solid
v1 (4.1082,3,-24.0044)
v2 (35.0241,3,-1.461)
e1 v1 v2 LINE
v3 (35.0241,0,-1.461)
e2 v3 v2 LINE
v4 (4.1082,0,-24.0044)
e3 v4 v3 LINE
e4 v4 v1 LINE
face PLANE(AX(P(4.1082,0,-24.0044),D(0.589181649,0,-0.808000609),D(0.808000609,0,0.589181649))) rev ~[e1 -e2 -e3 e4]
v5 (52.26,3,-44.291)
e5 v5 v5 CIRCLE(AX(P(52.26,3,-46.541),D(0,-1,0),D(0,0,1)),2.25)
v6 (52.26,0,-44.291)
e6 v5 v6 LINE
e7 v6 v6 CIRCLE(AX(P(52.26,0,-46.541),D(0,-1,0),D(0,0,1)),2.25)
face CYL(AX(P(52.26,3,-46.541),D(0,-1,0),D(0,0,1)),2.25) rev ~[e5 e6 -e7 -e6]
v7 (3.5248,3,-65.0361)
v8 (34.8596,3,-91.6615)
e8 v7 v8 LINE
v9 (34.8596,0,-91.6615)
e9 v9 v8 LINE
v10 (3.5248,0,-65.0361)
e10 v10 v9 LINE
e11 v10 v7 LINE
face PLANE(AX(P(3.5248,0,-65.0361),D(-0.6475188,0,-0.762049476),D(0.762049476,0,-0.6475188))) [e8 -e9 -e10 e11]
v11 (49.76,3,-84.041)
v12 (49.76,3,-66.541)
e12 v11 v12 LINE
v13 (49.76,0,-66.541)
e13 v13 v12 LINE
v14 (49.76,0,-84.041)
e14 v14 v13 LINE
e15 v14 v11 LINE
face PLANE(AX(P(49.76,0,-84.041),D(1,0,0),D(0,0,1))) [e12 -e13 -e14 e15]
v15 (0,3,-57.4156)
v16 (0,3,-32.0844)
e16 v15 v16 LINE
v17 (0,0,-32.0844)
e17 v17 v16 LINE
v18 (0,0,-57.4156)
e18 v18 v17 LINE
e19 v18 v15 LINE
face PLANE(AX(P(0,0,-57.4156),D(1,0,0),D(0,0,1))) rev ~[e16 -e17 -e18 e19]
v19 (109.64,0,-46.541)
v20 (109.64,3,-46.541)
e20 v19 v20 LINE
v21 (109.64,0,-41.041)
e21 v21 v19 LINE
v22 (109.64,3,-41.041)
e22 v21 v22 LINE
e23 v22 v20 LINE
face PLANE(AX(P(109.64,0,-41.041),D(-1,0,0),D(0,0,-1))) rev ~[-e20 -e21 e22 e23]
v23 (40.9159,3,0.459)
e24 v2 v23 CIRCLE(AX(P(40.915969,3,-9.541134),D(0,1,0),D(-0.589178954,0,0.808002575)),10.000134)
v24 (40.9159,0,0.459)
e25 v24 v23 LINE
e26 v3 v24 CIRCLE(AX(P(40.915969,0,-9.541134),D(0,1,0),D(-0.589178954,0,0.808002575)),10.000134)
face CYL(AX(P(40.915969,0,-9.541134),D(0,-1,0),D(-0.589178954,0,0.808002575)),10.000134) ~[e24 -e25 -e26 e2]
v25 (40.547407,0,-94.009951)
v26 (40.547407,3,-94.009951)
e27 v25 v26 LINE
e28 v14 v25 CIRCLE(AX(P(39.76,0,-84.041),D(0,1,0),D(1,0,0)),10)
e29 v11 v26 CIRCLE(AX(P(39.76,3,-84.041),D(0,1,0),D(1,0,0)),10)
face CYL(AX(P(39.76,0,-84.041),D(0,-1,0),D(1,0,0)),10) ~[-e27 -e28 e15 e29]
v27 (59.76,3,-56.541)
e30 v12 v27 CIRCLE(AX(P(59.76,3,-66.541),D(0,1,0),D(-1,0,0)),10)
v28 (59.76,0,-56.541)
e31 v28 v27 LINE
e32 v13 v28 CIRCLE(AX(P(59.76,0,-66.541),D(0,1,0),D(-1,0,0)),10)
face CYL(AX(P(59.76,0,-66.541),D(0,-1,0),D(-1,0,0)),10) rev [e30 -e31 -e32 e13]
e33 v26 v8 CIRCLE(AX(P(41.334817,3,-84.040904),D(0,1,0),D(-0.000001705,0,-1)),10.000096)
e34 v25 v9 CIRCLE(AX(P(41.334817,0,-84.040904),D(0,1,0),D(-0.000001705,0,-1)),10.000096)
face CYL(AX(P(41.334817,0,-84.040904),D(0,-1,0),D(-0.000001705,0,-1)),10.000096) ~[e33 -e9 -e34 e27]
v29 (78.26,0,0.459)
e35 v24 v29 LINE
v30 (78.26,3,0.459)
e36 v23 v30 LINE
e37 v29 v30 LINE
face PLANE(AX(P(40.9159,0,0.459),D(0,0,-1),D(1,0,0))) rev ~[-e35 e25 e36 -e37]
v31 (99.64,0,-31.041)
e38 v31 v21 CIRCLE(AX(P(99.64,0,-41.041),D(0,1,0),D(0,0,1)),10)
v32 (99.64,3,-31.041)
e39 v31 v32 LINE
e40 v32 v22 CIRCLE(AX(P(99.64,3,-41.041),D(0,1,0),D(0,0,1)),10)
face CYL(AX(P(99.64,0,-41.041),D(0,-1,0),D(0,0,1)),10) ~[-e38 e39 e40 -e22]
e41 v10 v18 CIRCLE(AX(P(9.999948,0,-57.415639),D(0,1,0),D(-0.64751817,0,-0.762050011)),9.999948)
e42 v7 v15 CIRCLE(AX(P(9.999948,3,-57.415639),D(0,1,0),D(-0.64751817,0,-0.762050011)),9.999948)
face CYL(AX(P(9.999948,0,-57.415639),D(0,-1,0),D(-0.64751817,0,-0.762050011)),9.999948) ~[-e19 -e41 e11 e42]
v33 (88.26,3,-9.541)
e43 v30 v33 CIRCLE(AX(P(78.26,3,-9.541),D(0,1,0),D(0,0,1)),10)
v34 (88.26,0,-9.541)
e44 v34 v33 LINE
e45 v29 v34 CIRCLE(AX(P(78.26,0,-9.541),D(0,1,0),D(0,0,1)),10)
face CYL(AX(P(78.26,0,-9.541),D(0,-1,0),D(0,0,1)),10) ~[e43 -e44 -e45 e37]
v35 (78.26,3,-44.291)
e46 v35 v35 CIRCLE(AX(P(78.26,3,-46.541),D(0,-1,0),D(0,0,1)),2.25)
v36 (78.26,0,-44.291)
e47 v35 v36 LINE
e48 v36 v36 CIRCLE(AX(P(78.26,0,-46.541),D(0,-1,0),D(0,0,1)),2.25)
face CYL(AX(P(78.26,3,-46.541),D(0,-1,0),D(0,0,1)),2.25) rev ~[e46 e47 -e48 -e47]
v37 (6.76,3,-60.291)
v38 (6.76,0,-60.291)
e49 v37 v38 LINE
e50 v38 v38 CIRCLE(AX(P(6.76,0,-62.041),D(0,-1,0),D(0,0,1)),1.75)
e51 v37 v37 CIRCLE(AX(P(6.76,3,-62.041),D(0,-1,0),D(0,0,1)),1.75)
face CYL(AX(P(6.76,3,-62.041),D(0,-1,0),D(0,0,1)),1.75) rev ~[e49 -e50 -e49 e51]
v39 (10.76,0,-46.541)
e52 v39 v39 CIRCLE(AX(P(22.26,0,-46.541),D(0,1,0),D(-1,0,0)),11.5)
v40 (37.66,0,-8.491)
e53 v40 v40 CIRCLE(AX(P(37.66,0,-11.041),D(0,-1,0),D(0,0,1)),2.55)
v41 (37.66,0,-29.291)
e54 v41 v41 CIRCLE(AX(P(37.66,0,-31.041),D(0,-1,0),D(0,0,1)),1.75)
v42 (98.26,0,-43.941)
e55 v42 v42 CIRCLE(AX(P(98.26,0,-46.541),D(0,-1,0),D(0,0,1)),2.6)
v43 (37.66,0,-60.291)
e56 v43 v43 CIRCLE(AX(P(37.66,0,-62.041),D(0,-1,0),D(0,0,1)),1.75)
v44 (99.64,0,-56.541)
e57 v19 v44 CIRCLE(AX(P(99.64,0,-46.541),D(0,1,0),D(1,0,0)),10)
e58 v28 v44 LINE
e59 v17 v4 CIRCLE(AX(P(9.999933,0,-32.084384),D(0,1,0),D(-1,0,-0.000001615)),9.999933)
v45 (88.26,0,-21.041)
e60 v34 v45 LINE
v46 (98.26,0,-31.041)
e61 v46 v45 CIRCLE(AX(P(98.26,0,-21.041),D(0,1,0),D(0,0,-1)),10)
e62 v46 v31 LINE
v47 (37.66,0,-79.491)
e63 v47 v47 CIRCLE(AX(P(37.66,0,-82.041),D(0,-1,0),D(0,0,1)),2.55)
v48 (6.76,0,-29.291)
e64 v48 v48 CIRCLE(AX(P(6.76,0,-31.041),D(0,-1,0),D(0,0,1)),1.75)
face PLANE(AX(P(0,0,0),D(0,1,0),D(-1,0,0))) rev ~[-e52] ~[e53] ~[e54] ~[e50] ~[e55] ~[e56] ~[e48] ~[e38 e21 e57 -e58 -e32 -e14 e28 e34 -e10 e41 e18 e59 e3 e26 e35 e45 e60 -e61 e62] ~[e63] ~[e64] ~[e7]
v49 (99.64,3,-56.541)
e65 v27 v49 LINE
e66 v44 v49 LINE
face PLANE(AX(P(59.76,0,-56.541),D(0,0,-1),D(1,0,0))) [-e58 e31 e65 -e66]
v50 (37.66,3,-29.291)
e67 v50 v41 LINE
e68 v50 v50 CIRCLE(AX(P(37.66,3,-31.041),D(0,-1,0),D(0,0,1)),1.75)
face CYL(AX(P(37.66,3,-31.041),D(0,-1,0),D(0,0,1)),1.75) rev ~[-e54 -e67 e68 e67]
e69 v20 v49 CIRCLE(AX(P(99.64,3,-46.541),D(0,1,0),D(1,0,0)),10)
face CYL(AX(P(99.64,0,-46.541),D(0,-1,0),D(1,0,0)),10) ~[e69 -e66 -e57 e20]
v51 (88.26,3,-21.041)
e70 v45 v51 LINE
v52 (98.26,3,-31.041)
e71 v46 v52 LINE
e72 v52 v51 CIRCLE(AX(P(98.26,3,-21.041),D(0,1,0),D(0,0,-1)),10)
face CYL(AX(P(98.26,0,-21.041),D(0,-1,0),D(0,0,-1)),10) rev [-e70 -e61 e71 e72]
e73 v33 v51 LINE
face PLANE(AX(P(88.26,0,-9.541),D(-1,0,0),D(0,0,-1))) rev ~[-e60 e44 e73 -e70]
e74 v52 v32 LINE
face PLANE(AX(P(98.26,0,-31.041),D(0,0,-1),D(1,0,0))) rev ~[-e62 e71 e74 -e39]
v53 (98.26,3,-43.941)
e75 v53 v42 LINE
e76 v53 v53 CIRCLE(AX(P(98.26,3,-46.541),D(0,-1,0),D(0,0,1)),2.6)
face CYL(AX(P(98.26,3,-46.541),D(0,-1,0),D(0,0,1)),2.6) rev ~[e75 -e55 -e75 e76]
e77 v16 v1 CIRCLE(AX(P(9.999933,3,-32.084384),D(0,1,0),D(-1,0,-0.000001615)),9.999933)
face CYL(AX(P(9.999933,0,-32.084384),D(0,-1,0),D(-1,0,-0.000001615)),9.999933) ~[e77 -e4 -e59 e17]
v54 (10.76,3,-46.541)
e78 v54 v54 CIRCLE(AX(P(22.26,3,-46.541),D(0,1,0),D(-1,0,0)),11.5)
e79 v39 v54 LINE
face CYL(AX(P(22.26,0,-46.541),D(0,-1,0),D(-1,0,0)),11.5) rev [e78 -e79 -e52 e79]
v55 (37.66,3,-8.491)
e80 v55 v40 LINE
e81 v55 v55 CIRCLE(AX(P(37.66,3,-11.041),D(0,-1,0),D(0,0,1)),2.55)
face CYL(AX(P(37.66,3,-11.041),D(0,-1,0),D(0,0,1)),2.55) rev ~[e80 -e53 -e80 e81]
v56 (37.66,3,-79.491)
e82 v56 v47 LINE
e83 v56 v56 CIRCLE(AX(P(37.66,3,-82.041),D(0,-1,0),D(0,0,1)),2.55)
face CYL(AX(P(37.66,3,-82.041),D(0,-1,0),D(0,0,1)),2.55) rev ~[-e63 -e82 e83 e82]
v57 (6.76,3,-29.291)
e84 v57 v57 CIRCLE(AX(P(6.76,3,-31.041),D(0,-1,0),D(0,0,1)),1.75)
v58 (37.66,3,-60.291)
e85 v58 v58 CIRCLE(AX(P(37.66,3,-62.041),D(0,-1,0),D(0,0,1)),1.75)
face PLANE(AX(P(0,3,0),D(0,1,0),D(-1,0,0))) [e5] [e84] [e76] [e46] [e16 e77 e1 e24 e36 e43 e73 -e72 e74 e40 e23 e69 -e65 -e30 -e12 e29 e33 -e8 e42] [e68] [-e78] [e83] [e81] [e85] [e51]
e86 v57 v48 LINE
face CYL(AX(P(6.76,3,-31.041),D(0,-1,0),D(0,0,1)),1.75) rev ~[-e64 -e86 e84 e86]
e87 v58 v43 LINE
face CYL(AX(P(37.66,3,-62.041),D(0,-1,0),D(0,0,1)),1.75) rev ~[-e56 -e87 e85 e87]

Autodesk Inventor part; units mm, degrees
ref_plane "YZ Plane" through (0, 0, 0) normal (1, 0, 0) x (0, 1, 0)
ref_plane "XZ Plane" through (0, 0, 0) normal (0, 1, 0) x (-1, 0, 0)
ref_plane "XY Plane" through (0, 0, 0) normal (0, 0, 1) x (1, 0, 0)
sketch "Sketch1" plane through (0, 0, 0) normal (0, 1, 0) x (-1, 0, 0)
  line L0 (-40.9159, 0.459) -> (-78.26, 0.459)
  line L1 (-109.64, -41.041) -> (-109.64, -46.541)
  line L2 (-39.76, -94.041) -> (-41.3348, -94.041)
  line L3 (0, -57.4156) -> (0, -32.0844)
  circle A0 centre (-22.26, -46.541) radius 11.5
  line L4 (-3.5248, -65.0361) -> (-34.8596, -91.6615)
  line L5 (-4.1082, -24.0044) -> (-35.0241, -1.461)
  line L6 (-49.76, -84.041) -> (-49.76, -66.541)
  line L7 (-59.76, -56.541) -> (-99.64, -56.541)
  line L8 (-98.26, -31.041) -> (-99.64, -31.041)
  line L9 (-88.26, -9.541) -> (-88.26, -21.041)
  arc A1 (-3.5248, -65.0361) -> (0, -57.4156) centre (-10, -57.4156) ccw
  arc A2 (0, -32.0844) -> (-4.1082, -24.0044) centre (-10, -32.0844) ccw
  arc A3 (-35.0241, -1.461) -> (-40.9159, 0.459) centre (-40.9159, -9.541) ccw
  arc A4 (-78.26, 0.459) -> (-88.26, -9.541) centre (-78.26, -9.541) ccw
  arc A5 (-98.26, -31.041) -> (-88.26, -21.041) centre (-98.26, -21.041) ccw
  arc A6 (-99.64, -31.041) -> (-109.64, -41.041) centre (-99.64, -41.041) ccw
  arc A7 (-109.64, -46.541) -> (-99.64, -56.541) centre (-99.64, -46.541) ccw
  arc A8 (-49.76, -66.541) -> (-59.76, -56.541) centre (-59.76, -66.541) ccw
  arc A9 (-49.76, -84.041) -> (-39.76, -94.041) centre (-39.76, -84.041) ccw
  arc A10 (-41.3348, -94.041) -> (-34.8596, -91.6615) centre (-41.3348, -84.041) ccw
  point P0 (0, 0)
  point P1 (0, -62.041)
  point P2 (-37.66, -94.041)
  point P3 (0, -27)
  point P4 (-37.6572, 0.459)
  point P5 (0, -44.75)
  point P6 (-40.5474, -94.01)
  dimension "d0" = 94.5
  dimension "d1" = 109.64
  dimension "d2" = 23
  dimension "d3" = 47
  dimension "d4" = 22.26
  dimension "d5" = 37.66
  dimension "d6" = 32
  dimension "d7" = 37.66
  dimension "d8" = 27
  dimension "d11" = 57
  dimension "d12" = 49.76
  dimension "d15" = 25.5
  dimension "d16" = 88.26
  dimension "d17" = 10
extrude "Extrusion1" add sketch "Sketch1" along normal blind 3 contours A3 L5 A2 L3 A1 L4 A10 A9 L6 A8 L7 A7 L1 A6 L8 A5 L9 A4 L0
sketch "Sketch2" plane through (0, 3, 0) normal (0, 1, 0) x (1, 0, 0)
  line L0 (40.9159, -0.459) -> (78.26, -0.459) projected
  line L1 (0, 57.4156) -> (0, 32.0844) projected
  point P0 (0, 0)
  point P1 (6.76, 62.041)
  point P2 (37.66, 62.041)
  point P3 (37.66, 31.041)
  point P4 (6.76, 31.041)
  dimension "d20" = 31.5
  dimension "d21" = 37.66
  dimension "d22" = 62.5
  dimension "d23" = 6.76
hole "Hole1" at (6.76, 3, -62.041) at (37.66, 3, -62.041) at (37.66, 3, -31.041) at (6.76, 3, -31.041) direction (0, -1, 0) diameter 3.5 end through all
sketch "Sketch3" plane through (0, 3, 0) normal (0, 1, 0) x (1, 0, 0)
  line L0 (40.9159, -0.459) -> (78.26, -0.459) projected
  line L1 (0, 57.4156) -> (0, 32.0844) projected
  point P0 (0, 0)
  point P1 (37.66, 82.041)
  point P2 (37.66, 11.041)
  dimension "d31" = 82.5
  dimension "d32" = 11.5
  dimension "d33" = 37.66
hole "Hole2" at (37.66, 3, -82.041) at (37.66, 3, -11.041) direction (0, -1, 0) diameter 5.1 end through all
sketch "Sketch4" plane through (0, 3, 0) normal (0, 1, 0) x (1, 0, 0)
  line L0 (40.9159, -0.459) -> (78.26, -0.459) projected
  line L1 (0, 57.4156) -> (0, 32.0844) projected
  point P0 (0, 0)
  point P1 (52.26, 46.541)
  point P2 (78.26, 46.541)
  dimension "d41" = 47
  dimension "d42" = 52.26
  dimension "d43" = 78.26
hole "Hole3" at (52.26, 3, -46.541) at (78.26, 3, -46.541) direction (0, -1, 0) diameter 4.5 end through all
sketch "Sketch5" plane through (0, 3, 0) normal (0, 1, 0) x (1, 0, 0)
  line L0 (0, 57.4156) -> (0, 32.0844) projected
  line L1 (40.9159, -0.459) -> (78.26, -0.459) projected
  point P0 (0, 0)
  point P1 (98.26, 46.541)
  dimension "d51" = 98.26
  dimension "d52" = 47
hole "Hole4" at (98.26, 3, -46.541) direction (0, -1, 0) diameter 5.2 end through all
properties part number "X Motor Bracket" material "Aluminum 6061"
